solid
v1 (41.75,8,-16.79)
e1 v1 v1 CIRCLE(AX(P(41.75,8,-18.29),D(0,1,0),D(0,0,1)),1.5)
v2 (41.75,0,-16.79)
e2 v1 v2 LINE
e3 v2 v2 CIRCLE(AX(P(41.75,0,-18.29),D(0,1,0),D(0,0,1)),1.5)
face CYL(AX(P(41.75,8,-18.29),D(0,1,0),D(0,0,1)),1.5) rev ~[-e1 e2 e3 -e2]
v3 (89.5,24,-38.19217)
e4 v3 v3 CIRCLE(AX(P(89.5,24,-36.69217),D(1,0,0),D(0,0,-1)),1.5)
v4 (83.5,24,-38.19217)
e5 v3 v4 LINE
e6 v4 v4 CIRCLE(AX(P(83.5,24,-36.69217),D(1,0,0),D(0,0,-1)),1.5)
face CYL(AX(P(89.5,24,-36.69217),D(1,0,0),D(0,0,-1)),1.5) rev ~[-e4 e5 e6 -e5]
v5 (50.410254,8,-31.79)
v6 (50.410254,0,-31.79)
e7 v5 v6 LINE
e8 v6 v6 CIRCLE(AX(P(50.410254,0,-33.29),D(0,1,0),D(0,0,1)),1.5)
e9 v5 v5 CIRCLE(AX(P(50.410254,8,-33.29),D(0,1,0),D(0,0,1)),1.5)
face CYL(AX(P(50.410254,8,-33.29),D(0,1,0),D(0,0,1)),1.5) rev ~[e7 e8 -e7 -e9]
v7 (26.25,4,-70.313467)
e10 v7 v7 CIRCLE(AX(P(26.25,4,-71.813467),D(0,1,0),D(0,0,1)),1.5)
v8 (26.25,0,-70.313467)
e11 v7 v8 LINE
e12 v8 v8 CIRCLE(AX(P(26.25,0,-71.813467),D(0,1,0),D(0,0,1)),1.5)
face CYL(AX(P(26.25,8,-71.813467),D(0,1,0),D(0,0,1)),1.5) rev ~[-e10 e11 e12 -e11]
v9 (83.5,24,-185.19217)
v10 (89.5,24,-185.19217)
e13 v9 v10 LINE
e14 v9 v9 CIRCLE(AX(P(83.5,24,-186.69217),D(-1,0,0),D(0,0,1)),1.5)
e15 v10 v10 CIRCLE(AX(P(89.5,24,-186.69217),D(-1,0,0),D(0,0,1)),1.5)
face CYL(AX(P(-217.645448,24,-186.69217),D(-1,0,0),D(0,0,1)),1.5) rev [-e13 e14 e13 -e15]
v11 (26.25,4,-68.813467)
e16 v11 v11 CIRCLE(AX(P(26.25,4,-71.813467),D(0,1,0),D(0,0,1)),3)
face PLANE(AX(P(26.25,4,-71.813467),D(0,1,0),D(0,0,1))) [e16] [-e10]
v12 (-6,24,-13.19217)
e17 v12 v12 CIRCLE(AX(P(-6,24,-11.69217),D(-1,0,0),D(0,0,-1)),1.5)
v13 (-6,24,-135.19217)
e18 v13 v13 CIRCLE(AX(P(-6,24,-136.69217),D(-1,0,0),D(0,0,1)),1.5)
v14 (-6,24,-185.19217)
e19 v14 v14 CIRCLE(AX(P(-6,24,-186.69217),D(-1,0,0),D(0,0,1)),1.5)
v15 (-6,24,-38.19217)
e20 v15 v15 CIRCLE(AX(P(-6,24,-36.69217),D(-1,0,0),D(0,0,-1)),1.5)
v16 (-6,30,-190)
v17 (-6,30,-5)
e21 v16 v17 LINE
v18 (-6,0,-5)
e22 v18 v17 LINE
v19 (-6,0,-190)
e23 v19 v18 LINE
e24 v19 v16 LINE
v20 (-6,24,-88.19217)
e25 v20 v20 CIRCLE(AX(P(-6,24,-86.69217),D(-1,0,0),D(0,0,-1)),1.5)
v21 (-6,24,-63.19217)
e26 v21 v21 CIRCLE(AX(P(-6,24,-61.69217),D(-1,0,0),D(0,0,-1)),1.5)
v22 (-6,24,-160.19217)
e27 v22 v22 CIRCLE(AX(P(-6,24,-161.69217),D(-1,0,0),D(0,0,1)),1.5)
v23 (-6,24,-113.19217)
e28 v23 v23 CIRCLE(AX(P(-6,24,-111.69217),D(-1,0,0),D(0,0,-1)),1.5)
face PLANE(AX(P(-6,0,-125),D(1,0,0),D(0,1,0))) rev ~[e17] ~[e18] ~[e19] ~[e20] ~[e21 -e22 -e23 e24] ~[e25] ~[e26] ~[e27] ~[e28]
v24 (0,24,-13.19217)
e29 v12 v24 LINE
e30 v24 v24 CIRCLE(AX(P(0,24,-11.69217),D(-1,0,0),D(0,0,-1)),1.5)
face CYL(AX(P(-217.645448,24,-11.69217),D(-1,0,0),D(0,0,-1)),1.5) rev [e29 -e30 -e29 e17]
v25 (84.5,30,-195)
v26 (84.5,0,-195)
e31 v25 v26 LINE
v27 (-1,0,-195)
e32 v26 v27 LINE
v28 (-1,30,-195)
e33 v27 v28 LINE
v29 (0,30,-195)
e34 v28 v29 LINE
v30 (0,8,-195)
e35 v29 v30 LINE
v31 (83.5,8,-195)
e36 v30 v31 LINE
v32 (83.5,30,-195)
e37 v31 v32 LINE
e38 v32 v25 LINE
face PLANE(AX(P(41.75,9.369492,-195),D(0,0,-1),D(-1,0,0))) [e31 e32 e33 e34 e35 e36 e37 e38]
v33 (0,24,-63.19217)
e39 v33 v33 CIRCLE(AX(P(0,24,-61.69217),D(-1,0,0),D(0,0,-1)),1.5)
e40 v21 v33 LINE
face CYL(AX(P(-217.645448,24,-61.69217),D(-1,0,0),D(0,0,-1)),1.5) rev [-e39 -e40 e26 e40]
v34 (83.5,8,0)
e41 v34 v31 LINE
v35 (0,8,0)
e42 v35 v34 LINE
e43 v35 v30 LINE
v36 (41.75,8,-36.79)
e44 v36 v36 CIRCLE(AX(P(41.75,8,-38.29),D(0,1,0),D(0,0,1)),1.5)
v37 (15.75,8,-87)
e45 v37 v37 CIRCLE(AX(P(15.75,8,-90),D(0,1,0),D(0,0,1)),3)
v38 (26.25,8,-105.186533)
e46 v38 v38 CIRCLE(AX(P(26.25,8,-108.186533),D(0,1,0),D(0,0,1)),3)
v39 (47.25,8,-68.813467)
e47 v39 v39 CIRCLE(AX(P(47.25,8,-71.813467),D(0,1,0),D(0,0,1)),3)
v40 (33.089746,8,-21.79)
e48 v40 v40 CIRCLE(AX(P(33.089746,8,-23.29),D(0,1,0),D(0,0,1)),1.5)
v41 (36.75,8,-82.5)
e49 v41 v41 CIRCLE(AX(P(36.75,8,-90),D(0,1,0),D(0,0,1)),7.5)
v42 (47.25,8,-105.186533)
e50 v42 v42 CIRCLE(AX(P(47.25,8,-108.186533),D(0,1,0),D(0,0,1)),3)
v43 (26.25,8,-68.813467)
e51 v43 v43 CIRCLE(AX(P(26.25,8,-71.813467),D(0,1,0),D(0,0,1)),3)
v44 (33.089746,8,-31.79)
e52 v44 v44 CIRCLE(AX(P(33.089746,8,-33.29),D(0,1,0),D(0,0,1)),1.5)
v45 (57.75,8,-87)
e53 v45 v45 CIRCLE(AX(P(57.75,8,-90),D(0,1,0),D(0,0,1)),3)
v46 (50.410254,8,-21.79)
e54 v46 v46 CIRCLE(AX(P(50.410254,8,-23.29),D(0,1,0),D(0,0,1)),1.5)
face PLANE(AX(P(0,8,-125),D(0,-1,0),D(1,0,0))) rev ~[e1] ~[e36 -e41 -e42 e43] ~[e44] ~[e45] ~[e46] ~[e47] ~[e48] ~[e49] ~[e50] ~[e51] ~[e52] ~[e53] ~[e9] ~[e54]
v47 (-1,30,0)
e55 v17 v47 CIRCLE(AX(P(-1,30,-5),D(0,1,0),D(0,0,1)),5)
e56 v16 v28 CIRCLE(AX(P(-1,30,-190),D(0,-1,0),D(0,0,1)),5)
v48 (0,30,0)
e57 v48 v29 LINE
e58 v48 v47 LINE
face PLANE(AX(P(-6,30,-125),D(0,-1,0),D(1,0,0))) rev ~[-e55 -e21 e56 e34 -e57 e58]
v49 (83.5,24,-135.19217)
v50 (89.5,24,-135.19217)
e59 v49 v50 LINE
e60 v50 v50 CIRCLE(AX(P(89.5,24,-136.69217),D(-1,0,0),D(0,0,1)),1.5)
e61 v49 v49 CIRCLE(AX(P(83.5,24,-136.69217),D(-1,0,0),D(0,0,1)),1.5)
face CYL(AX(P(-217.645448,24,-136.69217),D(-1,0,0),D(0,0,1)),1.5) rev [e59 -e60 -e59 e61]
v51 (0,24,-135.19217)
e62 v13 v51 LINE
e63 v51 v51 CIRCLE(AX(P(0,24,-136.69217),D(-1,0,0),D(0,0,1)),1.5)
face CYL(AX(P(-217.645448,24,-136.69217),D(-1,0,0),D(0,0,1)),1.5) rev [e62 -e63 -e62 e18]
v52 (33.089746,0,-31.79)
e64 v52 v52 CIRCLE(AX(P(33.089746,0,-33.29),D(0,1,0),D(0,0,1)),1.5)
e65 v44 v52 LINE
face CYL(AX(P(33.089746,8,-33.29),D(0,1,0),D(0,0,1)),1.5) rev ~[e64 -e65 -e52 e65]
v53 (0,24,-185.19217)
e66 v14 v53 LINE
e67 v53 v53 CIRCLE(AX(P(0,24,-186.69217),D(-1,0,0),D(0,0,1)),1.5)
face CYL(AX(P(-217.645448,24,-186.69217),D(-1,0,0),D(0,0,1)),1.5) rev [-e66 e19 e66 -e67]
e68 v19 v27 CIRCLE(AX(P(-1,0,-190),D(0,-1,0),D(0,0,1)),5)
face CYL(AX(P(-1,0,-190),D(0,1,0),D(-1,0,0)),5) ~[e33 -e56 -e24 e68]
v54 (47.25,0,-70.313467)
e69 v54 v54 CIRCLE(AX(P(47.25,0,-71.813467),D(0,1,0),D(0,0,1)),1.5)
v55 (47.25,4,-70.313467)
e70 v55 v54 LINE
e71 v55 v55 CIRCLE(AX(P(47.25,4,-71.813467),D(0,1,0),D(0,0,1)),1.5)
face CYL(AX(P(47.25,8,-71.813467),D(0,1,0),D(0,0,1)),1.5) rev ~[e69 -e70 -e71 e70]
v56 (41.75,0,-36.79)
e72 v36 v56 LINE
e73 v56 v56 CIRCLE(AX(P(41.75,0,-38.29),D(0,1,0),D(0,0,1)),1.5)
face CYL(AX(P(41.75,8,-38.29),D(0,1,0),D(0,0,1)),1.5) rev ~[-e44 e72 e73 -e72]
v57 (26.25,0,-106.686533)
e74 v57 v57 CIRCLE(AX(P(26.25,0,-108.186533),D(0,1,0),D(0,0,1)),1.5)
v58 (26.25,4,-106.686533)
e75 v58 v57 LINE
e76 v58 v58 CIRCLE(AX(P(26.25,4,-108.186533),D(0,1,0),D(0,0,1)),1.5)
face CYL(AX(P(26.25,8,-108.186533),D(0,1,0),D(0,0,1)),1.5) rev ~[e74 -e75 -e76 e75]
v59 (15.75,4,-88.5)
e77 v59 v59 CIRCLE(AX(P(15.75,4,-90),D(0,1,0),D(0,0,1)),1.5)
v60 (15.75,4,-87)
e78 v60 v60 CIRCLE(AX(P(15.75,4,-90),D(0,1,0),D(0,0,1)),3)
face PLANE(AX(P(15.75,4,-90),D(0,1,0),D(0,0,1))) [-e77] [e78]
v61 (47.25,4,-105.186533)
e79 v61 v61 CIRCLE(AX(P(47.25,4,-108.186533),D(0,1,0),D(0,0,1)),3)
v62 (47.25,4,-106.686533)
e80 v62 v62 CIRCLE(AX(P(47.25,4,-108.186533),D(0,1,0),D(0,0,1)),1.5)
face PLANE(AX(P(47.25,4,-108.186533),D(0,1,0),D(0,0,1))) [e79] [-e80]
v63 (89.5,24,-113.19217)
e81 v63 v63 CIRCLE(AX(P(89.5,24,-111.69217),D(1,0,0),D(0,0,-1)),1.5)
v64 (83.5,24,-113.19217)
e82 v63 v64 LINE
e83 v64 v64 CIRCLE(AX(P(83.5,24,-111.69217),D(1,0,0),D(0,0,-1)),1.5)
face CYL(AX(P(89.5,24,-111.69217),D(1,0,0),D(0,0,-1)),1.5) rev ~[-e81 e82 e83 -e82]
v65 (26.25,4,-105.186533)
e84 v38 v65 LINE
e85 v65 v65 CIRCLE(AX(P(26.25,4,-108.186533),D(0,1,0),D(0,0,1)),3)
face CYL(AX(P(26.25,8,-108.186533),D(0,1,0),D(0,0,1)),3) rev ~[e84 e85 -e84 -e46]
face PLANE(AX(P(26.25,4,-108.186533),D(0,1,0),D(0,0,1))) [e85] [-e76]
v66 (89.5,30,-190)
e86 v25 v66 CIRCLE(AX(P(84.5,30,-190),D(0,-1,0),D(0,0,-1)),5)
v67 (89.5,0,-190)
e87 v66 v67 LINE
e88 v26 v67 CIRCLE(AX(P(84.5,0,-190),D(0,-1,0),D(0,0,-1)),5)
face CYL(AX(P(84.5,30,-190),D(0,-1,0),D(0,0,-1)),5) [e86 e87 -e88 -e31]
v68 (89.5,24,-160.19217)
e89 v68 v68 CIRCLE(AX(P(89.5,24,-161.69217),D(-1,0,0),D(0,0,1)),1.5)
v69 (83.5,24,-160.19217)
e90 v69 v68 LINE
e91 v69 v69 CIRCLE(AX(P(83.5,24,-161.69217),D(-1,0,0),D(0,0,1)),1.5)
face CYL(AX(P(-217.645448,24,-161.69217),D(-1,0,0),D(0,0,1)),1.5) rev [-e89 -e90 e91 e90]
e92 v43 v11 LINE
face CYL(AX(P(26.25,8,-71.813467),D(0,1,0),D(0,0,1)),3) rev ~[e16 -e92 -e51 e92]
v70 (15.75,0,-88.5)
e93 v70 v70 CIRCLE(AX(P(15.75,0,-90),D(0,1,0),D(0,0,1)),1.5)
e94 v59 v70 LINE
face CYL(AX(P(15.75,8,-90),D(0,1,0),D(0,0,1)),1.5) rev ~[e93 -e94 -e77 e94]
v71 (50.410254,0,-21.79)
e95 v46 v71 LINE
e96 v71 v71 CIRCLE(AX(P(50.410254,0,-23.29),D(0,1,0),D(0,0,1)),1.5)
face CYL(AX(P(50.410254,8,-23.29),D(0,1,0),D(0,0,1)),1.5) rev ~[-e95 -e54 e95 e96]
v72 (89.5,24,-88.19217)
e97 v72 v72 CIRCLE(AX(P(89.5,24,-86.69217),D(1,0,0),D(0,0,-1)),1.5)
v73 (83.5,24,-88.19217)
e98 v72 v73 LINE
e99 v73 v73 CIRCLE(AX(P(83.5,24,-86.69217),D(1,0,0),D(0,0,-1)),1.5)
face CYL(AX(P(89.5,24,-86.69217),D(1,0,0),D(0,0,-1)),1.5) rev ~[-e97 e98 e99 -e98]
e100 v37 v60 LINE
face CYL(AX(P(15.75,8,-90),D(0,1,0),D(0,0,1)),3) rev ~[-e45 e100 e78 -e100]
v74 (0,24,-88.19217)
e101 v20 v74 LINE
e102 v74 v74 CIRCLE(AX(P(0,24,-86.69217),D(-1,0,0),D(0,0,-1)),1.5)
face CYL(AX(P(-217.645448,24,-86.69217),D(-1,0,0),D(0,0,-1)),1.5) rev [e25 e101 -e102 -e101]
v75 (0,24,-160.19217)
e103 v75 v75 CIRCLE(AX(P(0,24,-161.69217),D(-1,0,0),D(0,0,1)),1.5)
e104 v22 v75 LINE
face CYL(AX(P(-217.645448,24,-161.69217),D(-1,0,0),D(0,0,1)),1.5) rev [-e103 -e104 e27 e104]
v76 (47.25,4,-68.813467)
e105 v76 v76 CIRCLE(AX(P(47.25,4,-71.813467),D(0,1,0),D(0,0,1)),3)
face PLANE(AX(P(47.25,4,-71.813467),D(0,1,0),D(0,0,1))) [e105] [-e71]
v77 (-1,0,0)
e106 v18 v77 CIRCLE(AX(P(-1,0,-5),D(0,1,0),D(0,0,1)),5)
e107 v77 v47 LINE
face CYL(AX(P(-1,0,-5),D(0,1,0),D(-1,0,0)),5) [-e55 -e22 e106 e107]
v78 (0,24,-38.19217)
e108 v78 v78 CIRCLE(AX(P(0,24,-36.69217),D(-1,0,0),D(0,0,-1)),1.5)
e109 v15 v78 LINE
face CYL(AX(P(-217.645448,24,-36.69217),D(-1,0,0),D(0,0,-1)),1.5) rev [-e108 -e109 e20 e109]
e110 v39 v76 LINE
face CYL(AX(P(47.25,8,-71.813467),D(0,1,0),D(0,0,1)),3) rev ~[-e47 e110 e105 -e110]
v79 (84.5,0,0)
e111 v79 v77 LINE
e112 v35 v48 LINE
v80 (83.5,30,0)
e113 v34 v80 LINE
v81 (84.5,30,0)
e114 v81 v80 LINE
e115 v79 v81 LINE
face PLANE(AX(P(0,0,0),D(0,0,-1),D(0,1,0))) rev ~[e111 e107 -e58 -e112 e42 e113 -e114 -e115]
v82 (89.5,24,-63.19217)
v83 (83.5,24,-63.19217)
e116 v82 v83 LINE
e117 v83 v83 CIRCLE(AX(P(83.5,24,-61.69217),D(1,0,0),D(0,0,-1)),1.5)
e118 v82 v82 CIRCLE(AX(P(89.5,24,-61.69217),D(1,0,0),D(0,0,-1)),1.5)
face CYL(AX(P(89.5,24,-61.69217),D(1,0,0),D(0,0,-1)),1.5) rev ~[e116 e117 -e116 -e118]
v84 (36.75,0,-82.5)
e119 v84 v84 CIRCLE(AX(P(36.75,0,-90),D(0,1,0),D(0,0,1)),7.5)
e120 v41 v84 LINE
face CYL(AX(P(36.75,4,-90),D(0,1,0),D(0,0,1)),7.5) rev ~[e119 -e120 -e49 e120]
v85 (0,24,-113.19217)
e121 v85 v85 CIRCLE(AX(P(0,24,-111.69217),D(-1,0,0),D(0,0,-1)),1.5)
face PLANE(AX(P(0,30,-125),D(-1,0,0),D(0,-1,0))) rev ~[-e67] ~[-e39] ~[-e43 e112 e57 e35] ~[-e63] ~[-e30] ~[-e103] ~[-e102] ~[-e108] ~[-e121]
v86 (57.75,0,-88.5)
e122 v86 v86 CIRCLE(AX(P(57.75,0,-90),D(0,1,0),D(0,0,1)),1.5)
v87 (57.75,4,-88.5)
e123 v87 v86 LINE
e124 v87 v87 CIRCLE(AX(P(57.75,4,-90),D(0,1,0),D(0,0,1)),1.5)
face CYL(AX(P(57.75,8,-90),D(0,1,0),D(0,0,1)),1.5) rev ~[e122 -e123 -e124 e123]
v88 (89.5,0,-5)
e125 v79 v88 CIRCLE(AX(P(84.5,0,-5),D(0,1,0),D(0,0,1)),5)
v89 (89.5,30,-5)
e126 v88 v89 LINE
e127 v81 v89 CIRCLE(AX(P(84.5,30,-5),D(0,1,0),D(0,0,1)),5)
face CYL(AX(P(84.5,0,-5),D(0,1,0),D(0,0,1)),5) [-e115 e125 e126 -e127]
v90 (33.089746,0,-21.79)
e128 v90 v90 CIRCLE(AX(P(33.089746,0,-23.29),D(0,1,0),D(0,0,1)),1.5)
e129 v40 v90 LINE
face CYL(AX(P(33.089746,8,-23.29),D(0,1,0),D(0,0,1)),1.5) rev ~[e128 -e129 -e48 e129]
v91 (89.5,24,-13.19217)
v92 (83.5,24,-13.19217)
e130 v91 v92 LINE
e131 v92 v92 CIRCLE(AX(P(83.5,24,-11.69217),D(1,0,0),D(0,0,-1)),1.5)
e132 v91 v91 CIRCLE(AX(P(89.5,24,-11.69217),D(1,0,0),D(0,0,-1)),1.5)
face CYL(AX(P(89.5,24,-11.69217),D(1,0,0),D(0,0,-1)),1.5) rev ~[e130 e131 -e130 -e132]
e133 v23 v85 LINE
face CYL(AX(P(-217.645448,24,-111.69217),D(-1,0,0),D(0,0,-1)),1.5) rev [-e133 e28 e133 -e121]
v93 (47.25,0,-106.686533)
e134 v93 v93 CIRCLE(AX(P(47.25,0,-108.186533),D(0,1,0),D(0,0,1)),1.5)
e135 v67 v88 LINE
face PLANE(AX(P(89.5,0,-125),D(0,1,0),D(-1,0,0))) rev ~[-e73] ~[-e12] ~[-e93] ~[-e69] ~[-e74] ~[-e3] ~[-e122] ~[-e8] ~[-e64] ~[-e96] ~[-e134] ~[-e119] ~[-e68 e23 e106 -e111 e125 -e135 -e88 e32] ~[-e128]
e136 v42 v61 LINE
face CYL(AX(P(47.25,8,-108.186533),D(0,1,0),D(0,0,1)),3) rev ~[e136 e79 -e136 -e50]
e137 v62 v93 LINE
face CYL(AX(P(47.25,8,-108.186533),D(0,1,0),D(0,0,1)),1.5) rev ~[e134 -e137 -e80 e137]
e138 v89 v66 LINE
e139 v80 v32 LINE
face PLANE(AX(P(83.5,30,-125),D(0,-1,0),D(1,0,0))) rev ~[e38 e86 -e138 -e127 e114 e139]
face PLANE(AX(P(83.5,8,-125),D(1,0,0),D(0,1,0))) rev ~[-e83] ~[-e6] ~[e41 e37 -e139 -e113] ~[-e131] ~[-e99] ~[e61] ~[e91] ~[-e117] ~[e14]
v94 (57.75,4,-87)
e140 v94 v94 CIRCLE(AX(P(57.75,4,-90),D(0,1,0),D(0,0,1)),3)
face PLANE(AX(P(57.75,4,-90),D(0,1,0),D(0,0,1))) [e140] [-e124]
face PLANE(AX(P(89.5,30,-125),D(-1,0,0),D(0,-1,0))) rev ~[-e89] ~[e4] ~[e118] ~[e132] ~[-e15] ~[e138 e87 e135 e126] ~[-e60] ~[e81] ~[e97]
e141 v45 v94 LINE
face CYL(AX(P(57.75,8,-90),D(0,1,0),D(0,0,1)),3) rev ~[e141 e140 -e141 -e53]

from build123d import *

# Parameters (mm, degrees)
SKETCH1_W               = 89.5
SKETCH1_H               = 125
BOSS_EXTRUDE1_DEPTH     = 8
SKETCH2_R               = 7.5
SKETCH2_R_2             = 3
CUT_EXTRUDE1_DEPTH      = 4
SKETCH3_R               = 7.5
CUT_EXTRUDE2_DEPTH      = 154.789629039
SKETCH4_W               = 125
SKETCH4_H               = 22
SKETCH4_R               = 1.5
BOSS_EXTRUDE2_DEPTH     = 6
SKETCH5_R               = 1.5
CUT_EXTRUDE3_DEPTH      = 156.303734662
SKETCH8_W               = 125
SKETCH8_H               = 30
BOSS_EXTRUDE3_DEPTH     = 6
BOSS_EXTRUDE4_DEPTH     = 70
CUT_EXTRUDE5_DEPTH      = 217.645447679
CUT_EXTRUDE5_DEPTH_BACK = 217.645447679
SKETCH9_R               = 1.5
FILLET2_R               = 5
SKETCH12_R              = 1.5
CUT_EXTRUDE6_DEPTH      = 216.683216779


with BuildPart() as part:
    # Sketch1 → Boss-Extrude1 (new body)
    with BuildSketch(Plane(origin=(0, 0, 0), x_dir=(1, 0, 0), z_dir=(0, 1, 0))):
        with Locations((44.75, 62.5)):
            Rectangle(SKETCH1_W, SKETCH1_H)
    extrude(amount=BOSS_EXTRUDE1_DEPTH)

    # Sketch2 → Cut-Extrude1 (cut)
    with BuildSketch(Plane(origin=(0, 8, 0), x_dir=(-1, 0, 0), z_dir=(0, 1, 0))):
        with Locations(Location((-36.75, -90, 0), (0, 0, 90))):
            Circle(SKETCH2_R)
        with Locations(Location((-57.75, -90, 0), (0, 0, 90))):
            Circle(SKETCH2_R_2)
        with Locations(Location((-47.25, -71.813466521, 0), (0, 0, 90))):
            Circle(SKETCH2_R_2)
        with Locations(Location((-26.25, -71.813466521, 0), (0, 0, 90))):
            Circle(SKETCH2_R_2)
        with Locations(Location((-15.75, -90, 0), (0, 0, 90))):
            Circle(SKETCH2_R_2)
        with Locations(Location((-26.25, -108.186533479, 0), (0, 0, 90))):
            Circle(SKETCH2_R_2)
        with Locations(Location((-47.25, -108.186533479, 0), (0, 0, 90))):
            Circle(SKETCH2_R_2)
    extrude(amount=-CUT_EXTRUDE1_DEPTH, mode=Mode.SUBTRACT)

    # Sketch3 → Cut-Extrude2 (cut, through all)
    with BuildSketch(Plane(origin=(0, 4, 0), x_dir=(1, 0, 0), z_dir=(0, 1, 0))):
        with Locations(Location((36.75, 90, 0), (0, 0, 270))):
            Circle(SKETCH3_R)
    extrude(amount=-CUT_EXTRUDE2_DEPTH, mode=Mode.SUBTRACT)

    # Sketch4 → Boss-Extrude2 (add)
    with BuildSketch(Plane(origin=(89.5, 0, 0), x_dir=(0, 0, -1), z_dir=(1, 0, 0))):
        with Locations((62.5, 19)):
            Rectangle(SKETCH4_W, SKETCH4_H)
        with Locations((11.692170277, 24)):
            Circle(SKETCH4_R, mode=Mode.SUBTRACT)
        with Locations((36.692170277, 24)):
            Circle(SKETCH4_R, mode=Mode.SUBTRACT)
        with Locations((61.692170277, 24)):
            Circle(SKETCH4_R, mode=Mode.SUBTRACT)
        with Locations((86.692170277, 24)):
            Circle(SKETCH4_R, mode=Mode.SUBTRACT)
        with Locations((111.692170277, 24)):
            Circle(SKETCH4_R, mode=Mode.SUBTRACT)
    extrude(amount=-BOSS_EXTRUDE2_DEPTH)

    # Sketch5 → Cut-Extrude3 (cut, through all)
    with BuildSketch(Plane(origin=(0, 8, 0), x_dir=(-1, 0, 0), z_dir=(0, 1, 0))):
        with Locations(Location((-57.75, -90, 0), (0, 0, 90))):
            Circle(SKETCH5_R)
        with Locations(Location((-47.25, -71.813466521, 0), (0, 0, 90))):
            Circle(SKETCH5_R)
        with Locations(Location((-26.25, -71.813466521, 0), (0, 0, 90))):
            Circle(SKETCH5_R)
        with Locations(Location((-15.75, -90, 0), (0, 0, 90))):
            Circle(SKETCH5_R)
        with Locations(Location((-26.25, -108.186533479, 0), (0, 0, 90))):
            Circle(SKETCH5_R)
        with Locations(Location((-47.25, -108.186533479, 0), (0, 0, 90))):
            Circle(SKETCH5_R)
    extrude(amount=-CUT_EXTRUDE3_DEPTH, mode=Mode.SUBTRACT)

    # Sketch8 → Boss-Extrude3 (add)
    with BuildSketch(Plane.ZY):
        with Locations((-62.5, 15)):
            Rectangle(SKETCH8_W, SKETCH8_H)
    extrude(amount=BOSS_EXTRUDE3_DEPTH)

    # Sketch11 → Boss-Extrude4 (add)
    with BuildSketch(Plane(origin=(0, 0, -125), x_dir=(-1, 0, 0), z_dir=(0, 0, -1))):
        Polygon((6, 30), (0, 30), (0, 8), (-83.5, 8), (-83.5, 30), (-89.5, 30), (-89.5, 0), (6, 0), align=None)
    extrude(amount=BOSS_EXTRUDE4_DEPTH)

    # Sketch9 → Cut-Extrude5 (cut, two sides: drawn at the far end of the back side and taken through both)
    with BuildSketch(Plane(origin=(0, 0, 0), x_dir=(0, 0, -1), z_dir=(1, 0, 0)).offset(-CUT_EXTRUDE5_DEPTH_BACK)):
        with Locations((11.692170277, 24)):
            Circle(SKETCH9_R)
        with Locations((36.692170277, 24)):
            Circle(SKETCH9_R)
        with Locations((61.692170277, 24)):
            Circle(SKETCH9_R)
        with Locations((86.692170277, 24)):
            Circle(SKETCH9_R)
        with Locations((111.692170277, 24)):
            Circle(SKETCH9_R)
        with Locations(Location((136.692170277, 24, 0), (0, 0, 180))):
            Circle(SKETCH9_R)
        with Locations(Location((161.692170277, 24, 0), (0, 0, 180))):
            Circle(SKETCH9_R)
        with Locations(Location((186.692170277, 24, 0), (0, 0, 180))):
            Circle(SKETCH9_R)
    extrude(amount=CUT_EXTRUDE5_DEPTH + CUT_EXTRUDE5_DEPTH_BACK, mode=Mode.SUBTRACT)

    # Fillet2
    fillet2_edges = [part.edges().sort_by_distance(p)[0] for p in [
        (-6, 15, 0),
        (-6, 15, -195),
        (89.5, 15, -195),
        (89.5, 15, 0),
    ]]
    fillet(fillet2_edges, radius=FILLET2_R)

    # Sketch12 → Cut-Extrude6 (cut, through all)
    with BuildSketch(Plane(origin=(0, 8, 0), x_dir=(1, 0, 0), z_dir=(0, 1, 0))):
        with Locations(Location((41.75, 18.29, 0), (0, 0, 270))):
            Circle(SKETCH12_R)
        with Locations(Location((33.089745962, 23.29, 0), (0, 0, 270))):
            Circle(SKETCH12_R)
        with Locations(Location((33.089745962, 33.29, 0), (0, 0, 270))):
            Circle(SKETCH12_R)
        with Locations(Location((41.75, 38.29, 0), (0, 0, 270))):
            Circle(SKETCH12_R)
        with Locations(Location((50.410254038, 33.29, 0), (0, 0, 270))):
            Circle(SKETCH12_R)
        with Locations(Location((50.410254038, 23.29, 0), (0, 0, 270))):
            Circle(SKETCH12_R)
    extrude(amount=-CUT_EXTRUDE6_DEPTH, mode=Mode.SUBTRACT)


solid = part.part
